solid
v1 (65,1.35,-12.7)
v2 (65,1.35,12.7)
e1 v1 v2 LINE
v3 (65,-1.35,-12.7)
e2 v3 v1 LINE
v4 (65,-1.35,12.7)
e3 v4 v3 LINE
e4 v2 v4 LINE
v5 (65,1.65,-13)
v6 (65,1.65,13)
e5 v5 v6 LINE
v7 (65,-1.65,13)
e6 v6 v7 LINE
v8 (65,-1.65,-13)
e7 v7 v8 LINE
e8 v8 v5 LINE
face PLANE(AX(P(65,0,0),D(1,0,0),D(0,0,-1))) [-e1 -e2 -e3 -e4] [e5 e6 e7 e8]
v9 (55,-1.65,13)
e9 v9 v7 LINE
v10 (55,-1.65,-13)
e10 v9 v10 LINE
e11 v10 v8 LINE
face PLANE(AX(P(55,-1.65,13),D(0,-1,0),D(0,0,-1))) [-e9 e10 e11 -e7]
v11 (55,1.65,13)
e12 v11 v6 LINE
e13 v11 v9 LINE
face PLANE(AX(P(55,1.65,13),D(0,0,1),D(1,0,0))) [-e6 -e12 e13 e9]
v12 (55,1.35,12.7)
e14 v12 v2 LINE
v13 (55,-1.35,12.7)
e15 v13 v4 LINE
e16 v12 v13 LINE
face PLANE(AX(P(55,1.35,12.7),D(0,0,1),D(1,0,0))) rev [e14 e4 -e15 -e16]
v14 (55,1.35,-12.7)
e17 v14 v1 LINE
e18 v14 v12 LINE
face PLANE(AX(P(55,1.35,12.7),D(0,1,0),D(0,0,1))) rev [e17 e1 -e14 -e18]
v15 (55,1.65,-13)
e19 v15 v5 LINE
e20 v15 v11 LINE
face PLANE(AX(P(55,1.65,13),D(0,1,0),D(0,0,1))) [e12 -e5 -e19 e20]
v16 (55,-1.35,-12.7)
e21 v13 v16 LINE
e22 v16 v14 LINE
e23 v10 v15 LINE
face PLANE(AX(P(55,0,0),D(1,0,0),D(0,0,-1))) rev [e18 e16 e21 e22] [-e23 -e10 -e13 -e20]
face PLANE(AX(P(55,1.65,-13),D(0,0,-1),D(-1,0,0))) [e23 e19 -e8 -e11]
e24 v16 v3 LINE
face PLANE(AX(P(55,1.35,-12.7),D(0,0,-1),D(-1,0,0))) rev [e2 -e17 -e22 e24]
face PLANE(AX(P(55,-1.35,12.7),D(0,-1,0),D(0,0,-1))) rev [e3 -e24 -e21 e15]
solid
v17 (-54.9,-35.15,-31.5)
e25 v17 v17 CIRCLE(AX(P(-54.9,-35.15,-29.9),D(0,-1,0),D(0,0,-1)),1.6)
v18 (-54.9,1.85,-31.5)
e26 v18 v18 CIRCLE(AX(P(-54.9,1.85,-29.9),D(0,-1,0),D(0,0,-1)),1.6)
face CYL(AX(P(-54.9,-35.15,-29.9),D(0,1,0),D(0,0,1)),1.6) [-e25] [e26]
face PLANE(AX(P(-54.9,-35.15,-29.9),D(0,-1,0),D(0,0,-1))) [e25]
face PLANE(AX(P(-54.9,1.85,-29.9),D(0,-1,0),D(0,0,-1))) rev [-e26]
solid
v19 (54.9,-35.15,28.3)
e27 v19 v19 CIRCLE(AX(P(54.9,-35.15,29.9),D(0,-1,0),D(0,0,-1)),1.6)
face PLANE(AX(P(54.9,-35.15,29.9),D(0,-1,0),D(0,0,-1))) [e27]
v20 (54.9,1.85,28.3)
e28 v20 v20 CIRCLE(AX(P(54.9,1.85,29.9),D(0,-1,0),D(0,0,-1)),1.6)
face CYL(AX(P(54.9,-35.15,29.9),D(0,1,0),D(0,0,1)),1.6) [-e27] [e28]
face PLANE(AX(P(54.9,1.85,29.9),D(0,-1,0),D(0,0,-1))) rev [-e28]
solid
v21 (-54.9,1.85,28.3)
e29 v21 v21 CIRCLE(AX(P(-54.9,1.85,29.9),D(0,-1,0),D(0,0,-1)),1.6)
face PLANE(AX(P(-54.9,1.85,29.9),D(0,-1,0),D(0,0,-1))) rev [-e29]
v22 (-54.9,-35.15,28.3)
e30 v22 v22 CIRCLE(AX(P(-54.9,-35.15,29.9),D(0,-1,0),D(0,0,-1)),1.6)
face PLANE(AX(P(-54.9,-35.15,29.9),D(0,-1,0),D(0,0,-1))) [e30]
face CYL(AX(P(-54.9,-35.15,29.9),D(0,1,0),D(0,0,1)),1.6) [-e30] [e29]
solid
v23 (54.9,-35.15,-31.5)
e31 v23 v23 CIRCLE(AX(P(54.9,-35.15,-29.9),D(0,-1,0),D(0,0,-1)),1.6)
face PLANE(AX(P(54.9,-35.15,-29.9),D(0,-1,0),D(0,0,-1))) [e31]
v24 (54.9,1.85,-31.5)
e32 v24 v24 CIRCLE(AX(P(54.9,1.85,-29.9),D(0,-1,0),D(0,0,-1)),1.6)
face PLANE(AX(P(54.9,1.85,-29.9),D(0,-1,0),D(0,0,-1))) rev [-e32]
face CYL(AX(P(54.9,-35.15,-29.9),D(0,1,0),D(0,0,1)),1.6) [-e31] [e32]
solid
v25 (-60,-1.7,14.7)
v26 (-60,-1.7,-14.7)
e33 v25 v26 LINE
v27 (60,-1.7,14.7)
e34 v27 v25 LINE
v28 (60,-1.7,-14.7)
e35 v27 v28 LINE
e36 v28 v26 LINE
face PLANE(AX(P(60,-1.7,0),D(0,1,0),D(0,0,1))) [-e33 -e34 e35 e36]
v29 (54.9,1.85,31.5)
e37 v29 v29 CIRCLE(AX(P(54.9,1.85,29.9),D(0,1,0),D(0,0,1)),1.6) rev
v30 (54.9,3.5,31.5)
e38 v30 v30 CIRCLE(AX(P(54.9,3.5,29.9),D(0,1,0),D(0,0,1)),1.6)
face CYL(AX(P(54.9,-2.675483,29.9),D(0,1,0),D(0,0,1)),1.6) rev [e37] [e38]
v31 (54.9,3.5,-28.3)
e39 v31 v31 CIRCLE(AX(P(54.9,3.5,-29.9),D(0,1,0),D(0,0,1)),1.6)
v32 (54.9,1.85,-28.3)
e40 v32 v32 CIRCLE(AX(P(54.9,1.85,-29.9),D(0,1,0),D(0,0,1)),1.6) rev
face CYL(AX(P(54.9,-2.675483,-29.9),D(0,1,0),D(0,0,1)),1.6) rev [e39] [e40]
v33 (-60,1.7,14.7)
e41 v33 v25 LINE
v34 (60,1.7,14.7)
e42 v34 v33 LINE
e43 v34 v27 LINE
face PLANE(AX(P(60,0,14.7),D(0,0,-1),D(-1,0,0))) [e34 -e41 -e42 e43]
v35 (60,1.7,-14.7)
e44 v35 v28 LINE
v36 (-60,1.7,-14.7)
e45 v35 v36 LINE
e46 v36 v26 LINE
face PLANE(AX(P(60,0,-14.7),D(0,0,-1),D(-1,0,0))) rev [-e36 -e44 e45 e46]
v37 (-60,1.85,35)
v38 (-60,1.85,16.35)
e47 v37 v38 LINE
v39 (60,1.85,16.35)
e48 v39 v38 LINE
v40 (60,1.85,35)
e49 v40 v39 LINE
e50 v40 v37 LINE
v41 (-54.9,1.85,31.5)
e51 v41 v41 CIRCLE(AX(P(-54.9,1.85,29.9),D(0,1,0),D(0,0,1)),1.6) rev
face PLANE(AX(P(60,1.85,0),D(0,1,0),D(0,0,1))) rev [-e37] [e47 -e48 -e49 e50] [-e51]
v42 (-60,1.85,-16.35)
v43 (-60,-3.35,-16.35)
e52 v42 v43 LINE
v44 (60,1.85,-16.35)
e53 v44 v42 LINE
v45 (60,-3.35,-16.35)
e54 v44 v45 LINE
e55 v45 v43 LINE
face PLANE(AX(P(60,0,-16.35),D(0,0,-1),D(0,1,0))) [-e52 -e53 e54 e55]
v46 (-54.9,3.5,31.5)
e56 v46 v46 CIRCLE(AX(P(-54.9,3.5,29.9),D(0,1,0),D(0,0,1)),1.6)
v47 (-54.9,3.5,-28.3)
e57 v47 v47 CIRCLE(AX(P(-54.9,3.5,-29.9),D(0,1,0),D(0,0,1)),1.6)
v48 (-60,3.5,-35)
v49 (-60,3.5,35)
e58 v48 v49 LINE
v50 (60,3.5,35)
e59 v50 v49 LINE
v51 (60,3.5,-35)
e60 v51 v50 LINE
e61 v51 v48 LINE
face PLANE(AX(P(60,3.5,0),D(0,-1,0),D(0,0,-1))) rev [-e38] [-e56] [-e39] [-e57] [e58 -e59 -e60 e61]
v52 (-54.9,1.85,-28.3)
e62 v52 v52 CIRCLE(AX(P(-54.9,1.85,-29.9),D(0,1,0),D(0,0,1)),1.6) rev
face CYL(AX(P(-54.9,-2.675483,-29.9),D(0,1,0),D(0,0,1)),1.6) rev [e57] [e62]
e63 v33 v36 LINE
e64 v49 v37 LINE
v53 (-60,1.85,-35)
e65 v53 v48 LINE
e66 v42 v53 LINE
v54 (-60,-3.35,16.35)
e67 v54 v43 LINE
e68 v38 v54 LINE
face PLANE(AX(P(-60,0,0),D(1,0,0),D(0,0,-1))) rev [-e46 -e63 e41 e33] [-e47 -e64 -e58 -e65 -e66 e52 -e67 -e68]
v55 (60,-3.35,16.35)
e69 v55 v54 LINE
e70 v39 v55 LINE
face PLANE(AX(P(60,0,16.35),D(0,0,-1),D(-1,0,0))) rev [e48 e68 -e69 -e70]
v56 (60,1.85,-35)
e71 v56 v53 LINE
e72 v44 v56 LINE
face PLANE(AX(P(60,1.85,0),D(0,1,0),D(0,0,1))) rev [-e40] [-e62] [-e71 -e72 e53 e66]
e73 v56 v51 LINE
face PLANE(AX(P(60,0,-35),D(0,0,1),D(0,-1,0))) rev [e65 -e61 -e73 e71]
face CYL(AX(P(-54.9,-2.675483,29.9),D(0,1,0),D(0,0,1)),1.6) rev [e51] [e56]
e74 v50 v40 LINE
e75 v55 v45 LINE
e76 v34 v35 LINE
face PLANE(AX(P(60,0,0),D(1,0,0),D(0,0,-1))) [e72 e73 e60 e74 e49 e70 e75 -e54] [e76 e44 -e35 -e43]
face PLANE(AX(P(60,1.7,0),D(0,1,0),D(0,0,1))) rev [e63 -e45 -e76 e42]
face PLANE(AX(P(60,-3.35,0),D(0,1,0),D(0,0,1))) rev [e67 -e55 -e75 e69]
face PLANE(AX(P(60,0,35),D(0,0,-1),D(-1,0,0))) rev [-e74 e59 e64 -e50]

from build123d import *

# Parameters (mm, degrees)
SKETCH1_W                = 29.4
SKETCH1_H                = 3.4
BOSS_EXTRUDE1_DEPTH      = 60
SKETCH2_R                = 1.6
CUT_EXTRUDE2_DEPTH       = 1.65
BOSS_EXTRUDE2_DEPTH      = 5
BOSS_EXTRUDE2_DEPTH_BACK = 5
SKETCH3_W                = 26
SKETCH3_H                = 3.3
SKETCH3_W_2              = 25.4
SKETCH3_H_2              = 2.7
SKETCH4_R                = 1.6
BOSS_EXTRUDE3_DEPTH      = 37
BOSS_EXTRUDE3_2_DEPTH    = 37
BOSS_EXTRUDE3_3_DEPTH    = 37
BOSS_EXTRUDE3_4_DEPTH    = 37


with BuildPart() as part:
    # Sketch1 → Boss-Extrude1 (new, symmetric)
    with BuildSketch(Plane(origin=(0, 0, 0), x_dir=(0, 0, -1), z_dir=(1, 0, 0))):
        Polygon((-35, 1.85), (-16.35, 1.85), (-16.35, -3.35), (16.35, -3.35), (16.35, 1.85), (35, 1.85), (35, 3.5), (-35, 3.5), align=None)
        Rectangle(SKETCH1_W, SKETCH1_H, mode=Mode.SUBTRACT)
    extrude(amount=BOSS_EXTRUDE1_DEPTH, both=True)

    # Sketch2 → Cut-Extrude2 (cut)
    with BuildSketch(Plane(origin=(0, 3.5, 0), x_dir=(1, 0, 0), z_dir=(0, 1, 0))):
        with Locations(Location((-54.9, 29.9, 0), (0, 0, 270))):
            Circle(SKETCH2_R)
        with Locations(Location((-54.9, -29.9, 0), (0, 0, 270))):
            Circle(SKETCH2_R)
        with Locations(Location((54.9, -29.9, 0), (0, 0, 270))):
            Circle(SKETCH2_R)
        with Locations(Location((54.9, 29.9, 0), (0, 0, 270))):
            Circle(SKETCH2_R)
    extrude(amount=-CUT_EXTRUDE2_DEPTH, mode=Mode.SUBTRACT)


with BuildPart() as body_2:
    # Sketch3 → Boss-Extrude2 (new, two sides: drawn at the far end of the back side and taken through both)
    with BuildSketch(Plane(origin=(60, 0, 0), x_dir=(0, 0, -1), z_dir=(1, 0, 0)).offset(-BOSS_EXTRUDE2_DEPTH_BACK)):
        Rectangle(SKETCH3_W, SKETCH3_H)
        Rectangle(SKETCH3_W_2, SKETCH3_H_2, mode=Mode.SUBTRACT)
    extrude(amount=BOSS_EXTRUDE2_DEPTH + BOSS_EXTRUDE2_DEPTH_BACK)


with BuildPart() as body_3:
    # Sketch4 → Boss-Extrude3 (new body)
    with BuildSketch(Plane.XZ.offset(-1.85)):
        with Locations(Location((-54.9, -29.9, 0), (0, 0, 270))):
            Circle(SKETCH4_R)
    extrude(amount=BOSS_EXTRUDE3_DEPTH)


with BuildPart() as body_4:
    # Sketch4 → Boss-Extrude3 2 (new body)
    with BuildSketch(Plane.XZ.offset(-1.85)):
        with Locations(Location((54.9, -29.9, 0), (0, 0, 270))):
            Circle(SKETCH4_R)
    extrude(amount=BOSS_EXTRUDE3_2_DEPTH)


with BuildPart() as body_5:
    # Sketch4 → Boss-Extrude3 3 (new body)
    with BuildSketch(Plane.XZ.offset(-1.85)):
        with Locations(Location((54.9, 29.9, 0), (0, 0, 270))):
            Circle(SKETCH4_R)
    extrude(amount=BOSS_EXTRUDE3_3_DEPTH)


with BuildPart() as body_6:
    # Sketch4 → Boss-Extrude3 4 (new body)
    with BuildSketch(Plane.XZ.offset(-1.85)):
        with Locations(Location((-54.9, 29.9, 0), (0, 0, 270))):
            Circle(SKETCH4_R)
    extrude(amount=BOSS_EXTRUDE3_4_DEPTH)


solid = Compound([part.part, body_2.part, body_3.part, body_4.part, body_5.part, body_6.part])
